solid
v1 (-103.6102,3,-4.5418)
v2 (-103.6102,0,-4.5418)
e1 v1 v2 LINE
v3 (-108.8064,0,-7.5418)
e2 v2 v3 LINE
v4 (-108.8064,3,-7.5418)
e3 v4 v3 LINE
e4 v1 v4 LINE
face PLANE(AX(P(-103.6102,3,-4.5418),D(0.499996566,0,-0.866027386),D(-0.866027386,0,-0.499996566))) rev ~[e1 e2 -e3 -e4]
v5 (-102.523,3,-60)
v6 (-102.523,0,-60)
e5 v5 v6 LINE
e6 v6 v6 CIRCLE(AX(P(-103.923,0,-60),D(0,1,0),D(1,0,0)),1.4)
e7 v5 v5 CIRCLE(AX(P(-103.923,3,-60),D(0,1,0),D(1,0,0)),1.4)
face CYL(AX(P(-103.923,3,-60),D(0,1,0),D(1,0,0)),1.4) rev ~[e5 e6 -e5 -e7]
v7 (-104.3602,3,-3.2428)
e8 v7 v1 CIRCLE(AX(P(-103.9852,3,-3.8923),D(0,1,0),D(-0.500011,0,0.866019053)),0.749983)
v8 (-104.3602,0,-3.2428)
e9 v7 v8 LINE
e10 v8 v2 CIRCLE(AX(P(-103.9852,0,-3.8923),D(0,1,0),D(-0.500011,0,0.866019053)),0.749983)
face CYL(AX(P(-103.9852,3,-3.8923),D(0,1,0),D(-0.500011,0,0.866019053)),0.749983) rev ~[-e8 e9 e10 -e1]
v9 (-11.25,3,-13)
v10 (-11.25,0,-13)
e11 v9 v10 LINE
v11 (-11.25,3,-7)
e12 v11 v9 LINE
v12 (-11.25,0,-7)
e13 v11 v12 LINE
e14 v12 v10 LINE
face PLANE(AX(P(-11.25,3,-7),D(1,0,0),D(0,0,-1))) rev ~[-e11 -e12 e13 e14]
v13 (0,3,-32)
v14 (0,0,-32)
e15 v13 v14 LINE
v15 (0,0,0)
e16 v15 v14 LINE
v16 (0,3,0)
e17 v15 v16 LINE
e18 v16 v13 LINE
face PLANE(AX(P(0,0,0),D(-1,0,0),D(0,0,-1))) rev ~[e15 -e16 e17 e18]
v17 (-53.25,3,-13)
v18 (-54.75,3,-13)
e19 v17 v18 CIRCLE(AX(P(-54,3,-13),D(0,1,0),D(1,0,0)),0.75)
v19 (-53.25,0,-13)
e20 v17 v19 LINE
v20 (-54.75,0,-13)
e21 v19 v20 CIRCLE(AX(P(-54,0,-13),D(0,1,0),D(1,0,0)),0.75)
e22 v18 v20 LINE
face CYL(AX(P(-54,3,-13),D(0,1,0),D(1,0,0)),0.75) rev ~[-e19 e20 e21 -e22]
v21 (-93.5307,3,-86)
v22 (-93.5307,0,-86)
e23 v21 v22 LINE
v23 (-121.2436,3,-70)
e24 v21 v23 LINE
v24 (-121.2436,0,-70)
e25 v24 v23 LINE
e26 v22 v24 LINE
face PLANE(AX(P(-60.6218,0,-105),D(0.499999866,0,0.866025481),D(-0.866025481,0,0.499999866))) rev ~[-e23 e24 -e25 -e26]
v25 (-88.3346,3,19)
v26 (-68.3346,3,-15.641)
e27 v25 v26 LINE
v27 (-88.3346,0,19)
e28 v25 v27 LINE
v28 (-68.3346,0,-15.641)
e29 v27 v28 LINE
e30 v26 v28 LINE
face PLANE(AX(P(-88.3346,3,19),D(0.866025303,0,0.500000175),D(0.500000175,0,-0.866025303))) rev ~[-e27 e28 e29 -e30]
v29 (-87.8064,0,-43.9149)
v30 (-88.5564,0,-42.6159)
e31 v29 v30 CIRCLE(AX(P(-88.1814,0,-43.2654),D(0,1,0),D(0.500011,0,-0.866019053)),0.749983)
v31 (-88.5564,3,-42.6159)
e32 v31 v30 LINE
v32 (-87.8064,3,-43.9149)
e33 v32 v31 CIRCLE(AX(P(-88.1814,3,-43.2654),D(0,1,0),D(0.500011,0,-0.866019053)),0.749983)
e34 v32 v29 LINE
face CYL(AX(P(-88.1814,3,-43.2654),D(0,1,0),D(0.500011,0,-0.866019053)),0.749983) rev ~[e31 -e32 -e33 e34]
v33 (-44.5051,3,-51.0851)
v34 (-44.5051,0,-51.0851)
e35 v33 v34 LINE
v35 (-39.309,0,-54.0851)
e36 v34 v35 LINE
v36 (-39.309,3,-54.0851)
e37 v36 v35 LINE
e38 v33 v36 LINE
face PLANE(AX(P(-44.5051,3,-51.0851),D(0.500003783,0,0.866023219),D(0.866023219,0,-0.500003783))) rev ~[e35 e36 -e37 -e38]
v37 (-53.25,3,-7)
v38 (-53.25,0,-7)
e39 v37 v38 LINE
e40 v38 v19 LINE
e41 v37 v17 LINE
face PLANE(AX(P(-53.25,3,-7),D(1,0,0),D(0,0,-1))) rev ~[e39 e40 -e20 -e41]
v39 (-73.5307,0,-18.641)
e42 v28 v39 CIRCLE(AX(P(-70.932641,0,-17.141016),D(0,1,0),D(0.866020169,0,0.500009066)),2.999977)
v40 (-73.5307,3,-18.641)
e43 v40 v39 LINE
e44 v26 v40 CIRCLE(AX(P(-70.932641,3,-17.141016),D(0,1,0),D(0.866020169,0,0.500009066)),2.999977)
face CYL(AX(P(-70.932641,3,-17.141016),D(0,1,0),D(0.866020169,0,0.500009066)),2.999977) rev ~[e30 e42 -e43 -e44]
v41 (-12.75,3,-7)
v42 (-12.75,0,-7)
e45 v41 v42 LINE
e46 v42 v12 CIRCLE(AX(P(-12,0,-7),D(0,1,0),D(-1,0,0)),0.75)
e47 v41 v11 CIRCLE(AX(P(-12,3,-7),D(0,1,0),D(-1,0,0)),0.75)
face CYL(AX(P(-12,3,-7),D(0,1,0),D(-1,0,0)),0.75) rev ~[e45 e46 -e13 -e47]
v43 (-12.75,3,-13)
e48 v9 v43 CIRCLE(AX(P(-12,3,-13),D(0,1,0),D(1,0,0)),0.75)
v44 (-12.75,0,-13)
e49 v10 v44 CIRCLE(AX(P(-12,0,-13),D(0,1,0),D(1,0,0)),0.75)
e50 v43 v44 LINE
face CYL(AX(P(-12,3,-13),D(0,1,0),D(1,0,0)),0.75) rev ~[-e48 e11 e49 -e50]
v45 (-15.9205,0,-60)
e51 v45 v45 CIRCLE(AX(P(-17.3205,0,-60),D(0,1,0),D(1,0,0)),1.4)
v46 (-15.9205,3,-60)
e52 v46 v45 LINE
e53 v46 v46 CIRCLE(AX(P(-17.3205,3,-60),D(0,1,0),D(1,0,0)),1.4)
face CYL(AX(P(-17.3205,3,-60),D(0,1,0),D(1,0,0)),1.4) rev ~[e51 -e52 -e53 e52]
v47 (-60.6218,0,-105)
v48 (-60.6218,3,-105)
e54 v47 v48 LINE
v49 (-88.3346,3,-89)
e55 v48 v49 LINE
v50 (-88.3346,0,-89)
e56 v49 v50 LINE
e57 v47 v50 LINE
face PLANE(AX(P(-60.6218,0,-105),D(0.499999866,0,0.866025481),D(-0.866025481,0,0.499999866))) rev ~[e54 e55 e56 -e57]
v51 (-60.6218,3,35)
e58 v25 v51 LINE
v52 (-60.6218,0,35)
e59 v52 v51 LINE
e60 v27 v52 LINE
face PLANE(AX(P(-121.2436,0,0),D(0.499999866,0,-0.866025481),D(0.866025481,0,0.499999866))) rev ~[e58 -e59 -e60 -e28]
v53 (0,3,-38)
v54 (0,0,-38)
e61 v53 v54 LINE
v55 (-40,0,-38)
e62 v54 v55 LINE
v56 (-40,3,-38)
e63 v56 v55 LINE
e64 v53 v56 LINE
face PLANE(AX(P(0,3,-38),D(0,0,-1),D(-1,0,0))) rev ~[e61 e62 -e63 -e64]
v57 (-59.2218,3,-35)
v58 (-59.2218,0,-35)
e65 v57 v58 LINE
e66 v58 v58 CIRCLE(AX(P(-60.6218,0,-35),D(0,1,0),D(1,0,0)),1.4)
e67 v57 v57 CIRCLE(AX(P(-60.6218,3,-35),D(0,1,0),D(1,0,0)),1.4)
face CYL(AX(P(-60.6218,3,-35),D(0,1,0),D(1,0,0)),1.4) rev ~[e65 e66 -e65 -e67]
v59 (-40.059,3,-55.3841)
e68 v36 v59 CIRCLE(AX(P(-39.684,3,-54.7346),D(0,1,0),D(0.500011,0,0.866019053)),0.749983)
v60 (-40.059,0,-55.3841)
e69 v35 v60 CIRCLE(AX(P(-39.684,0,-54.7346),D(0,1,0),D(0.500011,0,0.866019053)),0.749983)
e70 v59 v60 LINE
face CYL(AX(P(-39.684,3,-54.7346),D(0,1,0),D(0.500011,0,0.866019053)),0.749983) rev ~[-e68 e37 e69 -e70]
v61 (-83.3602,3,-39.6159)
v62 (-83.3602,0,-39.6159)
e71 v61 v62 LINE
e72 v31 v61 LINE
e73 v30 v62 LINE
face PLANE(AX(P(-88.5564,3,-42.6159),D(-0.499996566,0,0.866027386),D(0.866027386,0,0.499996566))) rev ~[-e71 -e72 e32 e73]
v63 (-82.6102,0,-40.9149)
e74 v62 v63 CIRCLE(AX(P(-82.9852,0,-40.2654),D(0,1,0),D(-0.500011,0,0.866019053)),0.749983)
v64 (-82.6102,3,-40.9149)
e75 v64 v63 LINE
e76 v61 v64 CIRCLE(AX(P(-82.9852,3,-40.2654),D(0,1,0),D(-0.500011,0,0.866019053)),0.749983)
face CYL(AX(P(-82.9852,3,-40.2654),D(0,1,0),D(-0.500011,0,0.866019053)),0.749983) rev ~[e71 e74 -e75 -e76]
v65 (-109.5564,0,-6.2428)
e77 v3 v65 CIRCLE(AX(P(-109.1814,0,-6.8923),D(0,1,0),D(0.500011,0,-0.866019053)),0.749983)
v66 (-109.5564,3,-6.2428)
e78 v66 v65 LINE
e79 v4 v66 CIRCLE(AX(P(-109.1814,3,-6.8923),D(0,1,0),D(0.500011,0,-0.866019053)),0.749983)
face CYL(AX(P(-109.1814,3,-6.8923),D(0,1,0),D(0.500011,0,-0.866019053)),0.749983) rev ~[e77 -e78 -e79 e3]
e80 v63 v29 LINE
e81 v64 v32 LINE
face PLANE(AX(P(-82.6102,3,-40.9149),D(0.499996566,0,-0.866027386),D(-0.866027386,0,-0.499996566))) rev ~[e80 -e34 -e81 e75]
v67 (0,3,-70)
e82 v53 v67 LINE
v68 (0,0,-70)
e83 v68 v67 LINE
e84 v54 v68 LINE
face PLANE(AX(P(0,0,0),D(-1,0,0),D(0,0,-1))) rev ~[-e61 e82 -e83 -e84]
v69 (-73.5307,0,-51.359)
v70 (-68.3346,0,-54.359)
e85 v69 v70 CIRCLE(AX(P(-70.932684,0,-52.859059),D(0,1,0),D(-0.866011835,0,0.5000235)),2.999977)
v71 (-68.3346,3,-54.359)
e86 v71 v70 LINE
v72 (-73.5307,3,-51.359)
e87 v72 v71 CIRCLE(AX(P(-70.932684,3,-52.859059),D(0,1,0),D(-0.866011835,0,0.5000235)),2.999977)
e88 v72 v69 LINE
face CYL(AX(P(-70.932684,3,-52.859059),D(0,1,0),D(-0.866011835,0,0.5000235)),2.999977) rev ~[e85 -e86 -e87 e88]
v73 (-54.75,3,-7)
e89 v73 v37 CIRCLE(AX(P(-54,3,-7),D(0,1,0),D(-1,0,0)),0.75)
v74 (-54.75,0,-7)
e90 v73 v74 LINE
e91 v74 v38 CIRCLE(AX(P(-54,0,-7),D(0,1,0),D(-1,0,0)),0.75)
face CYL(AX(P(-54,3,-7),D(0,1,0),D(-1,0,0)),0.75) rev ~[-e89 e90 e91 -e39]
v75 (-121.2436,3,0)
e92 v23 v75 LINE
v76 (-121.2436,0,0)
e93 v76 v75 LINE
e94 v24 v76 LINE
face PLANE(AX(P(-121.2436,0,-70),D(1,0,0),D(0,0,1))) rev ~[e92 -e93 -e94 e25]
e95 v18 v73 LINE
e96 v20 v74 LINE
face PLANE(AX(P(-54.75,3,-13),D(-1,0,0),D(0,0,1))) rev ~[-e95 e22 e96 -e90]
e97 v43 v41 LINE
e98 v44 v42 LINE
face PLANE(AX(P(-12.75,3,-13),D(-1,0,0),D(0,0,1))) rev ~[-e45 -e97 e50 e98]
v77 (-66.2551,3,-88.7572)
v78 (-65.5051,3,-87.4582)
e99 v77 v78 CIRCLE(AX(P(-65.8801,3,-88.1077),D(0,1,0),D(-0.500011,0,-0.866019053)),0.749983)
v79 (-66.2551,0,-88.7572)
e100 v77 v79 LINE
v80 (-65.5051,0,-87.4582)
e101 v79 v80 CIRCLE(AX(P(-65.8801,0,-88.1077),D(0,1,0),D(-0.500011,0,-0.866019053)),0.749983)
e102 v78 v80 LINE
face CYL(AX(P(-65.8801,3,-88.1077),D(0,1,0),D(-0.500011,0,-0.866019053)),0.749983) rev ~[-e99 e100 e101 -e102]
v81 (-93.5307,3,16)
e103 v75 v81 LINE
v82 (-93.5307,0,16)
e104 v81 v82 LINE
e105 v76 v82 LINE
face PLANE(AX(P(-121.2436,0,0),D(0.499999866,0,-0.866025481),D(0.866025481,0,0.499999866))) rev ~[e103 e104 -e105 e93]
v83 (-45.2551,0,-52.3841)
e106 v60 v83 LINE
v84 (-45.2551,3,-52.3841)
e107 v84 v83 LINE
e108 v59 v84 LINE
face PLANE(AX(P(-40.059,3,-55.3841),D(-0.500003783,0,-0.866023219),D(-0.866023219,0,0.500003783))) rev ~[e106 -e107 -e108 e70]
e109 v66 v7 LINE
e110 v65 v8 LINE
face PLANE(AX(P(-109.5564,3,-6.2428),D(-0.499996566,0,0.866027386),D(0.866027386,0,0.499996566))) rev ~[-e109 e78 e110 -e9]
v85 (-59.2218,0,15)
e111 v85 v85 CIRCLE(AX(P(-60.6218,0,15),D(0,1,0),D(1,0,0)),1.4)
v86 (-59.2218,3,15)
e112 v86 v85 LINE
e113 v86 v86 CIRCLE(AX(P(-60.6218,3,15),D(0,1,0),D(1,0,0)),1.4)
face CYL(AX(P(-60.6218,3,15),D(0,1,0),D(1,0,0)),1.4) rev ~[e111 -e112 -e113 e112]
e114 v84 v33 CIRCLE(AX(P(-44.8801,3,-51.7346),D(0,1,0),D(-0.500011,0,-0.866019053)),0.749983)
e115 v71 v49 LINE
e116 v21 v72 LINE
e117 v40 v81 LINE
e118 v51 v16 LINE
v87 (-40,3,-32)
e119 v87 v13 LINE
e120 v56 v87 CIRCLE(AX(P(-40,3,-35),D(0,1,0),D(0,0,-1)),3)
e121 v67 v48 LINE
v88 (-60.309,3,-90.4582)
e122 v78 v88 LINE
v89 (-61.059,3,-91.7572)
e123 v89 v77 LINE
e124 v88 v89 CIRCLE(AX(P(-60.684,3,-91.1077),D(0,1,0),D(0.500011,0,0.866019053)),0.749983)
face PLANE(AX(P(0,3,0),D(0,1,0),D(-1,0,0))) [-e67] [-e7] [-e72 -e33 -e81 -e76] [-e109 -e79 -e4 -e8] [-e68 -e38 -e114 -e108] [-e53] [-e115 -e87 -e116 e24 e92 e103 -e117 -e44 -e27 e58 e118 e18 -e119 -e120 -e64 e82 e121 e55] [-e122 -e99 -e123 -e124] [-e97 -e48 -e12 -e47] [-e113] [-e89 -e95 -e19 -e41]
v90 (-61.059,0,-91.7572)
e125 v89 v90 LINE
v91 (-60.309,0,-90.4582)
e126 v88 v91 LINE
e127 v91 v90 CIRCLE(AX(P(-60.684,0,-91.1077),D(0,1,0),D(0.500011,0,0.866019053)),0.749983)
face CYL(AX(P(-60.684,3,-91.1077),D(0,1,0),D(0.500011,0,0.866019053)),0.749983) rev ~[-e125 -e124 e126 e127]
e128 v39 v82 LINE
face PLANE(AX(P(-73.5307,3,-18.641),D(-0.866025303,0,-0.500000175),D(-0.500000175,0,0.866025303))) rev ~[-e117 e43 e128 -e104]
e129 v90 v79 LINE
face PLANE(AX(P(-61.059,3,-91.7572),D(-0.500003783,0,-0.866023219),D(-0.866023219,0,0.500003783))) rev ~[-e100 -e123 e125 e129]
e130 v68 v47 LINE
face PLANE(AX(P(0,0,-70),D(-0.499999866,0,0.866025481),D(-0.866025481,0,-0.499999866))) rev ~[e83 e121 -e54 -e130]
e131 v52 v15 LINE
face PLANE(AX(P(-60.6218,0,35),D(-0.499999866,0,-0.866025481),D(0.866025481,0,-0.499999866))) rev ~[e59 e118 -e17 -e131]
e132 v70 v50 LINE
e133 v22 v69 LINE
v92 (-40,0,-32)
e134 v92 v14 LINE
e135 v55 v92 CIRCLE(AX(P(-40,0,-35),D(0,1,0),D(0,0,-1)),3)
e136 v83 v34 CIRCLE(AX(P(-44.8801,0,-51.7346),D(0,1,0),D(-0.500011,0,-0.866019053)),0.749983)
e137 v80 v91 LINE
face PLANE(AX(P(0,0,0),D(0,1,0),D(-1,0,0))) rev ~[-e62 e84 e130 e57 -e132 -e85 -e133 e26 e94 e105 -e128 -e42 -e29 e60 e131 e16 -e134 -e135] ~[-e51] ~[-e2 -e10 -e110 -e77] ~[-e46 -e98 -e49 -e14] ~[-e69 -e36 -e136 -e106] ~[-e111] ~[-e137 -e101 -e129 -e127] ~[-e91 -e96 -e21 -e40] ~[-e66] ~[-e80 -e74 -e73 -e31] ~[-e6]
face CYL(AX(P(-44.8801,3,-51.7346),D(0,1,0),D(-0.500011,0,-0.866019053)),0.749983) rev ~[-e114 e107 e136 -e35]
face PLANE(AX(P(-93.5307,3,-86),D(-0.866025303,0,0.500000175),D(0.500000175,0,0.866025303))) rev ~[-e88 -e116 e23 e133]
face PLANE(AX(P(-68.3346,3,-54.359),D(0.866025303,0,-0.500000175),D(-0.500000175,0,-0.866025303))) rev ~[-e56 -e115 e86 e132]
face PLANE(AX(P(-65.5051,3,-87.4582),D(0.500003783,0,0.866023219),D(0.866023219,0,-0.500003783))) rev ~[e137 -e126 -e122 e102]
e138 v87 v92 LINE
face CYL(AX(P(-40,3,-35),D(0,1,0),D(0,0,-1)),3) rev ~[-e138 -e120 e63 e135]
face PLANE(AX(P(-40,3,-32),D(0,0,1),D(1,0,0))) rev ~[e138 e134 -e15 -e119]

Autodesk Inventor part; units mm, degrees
ref_plane "YZ Plane" through (0, 0, 0) normal (1, 0, 0) x (0, 1, 0)
ref_plane "XZ Plane" through (0, 0, 0) normal (0, 1, 0) x (-1, 0, 0)
ref_plane "XY Plane" through (0, 0, 0) normal (0, 0, 1) x (1, 0, 0)
sketch "Sketch1" plane through (0, 0, 0) normal (0, 1, 0) x (-1, 0, 0)
  point P0 (0, 0)
sketch "Sketch2" plane through (0, 0, 0) normal (0, 1, 0) x (-1, 0, 0)
  line L0 (0, 0) -> (0, -70)
  line L1 (0, -70) -> (54.3409, -70) construction
  line L2 (0, -70) -> (60.6218, -105)
  line L3 (0, -70) -> (70, -70) construction
  line L4 (60.6218, -105) -> (121.2436, -70)
  line L5 (121.2436, -70) -> (121.2436, 0)
  line L6 (121.2436, 0) -> (60.6218, 35)
  line L7 (60.6218, 35) -> (0, 0)
  dimension "d0" = 70
  dimension "d2" = 70
  dimension "d3" = 30
  dimension "d4" = 70
  dimension "d5" = 120
  dimension "d6" = 70
  dimension "d7" = 120
extrude "Extrusion1" add sketch "Sketch2" along normal blind 3
sketch "Sketch3" plane through (0, 3, 0) normal (0, 1, 0) x (1, 0, 0)
  line L0 (0, 0) -> (0, 70) projected
  line L1 (-121.2436, 0) -> (-60.6218, -35) projected
  line L2 (-90.9327, -17.5) -> (-50.9327, -17.5) construction
  line L3 (-60.6218, 105) -> (-121.2436, 70) projected
  line L4 (-90.9327, 87.5) -> (-50.9327, 87.5) construction
  line L5 (-70.9327, 17.141) -> (-90.9327, -17.5) construction
  line L6 (-73.5307, 18.641) -> (-93.5307, -16)
  line L7 (-88.3346, -19) -> (-68.3346, 15.641)
  arc A0 (-68.3346, 15.641) -> (-73.5307, 18.641) centre (-70.9327, 17.141) ccw
  arc A1 (-93.5307, -16) -> (-88.3346, -19) centre (-90.9327, -17.5) ccw
  line L8 (-70.9327, 52.859) -> (-90.9327, 87.5) construction
  line L9 (-68.3346, 54.359) -> (-88.3346, 89)
  line L10 (-93.5307, 86) -> (-73.5307, 51.359)
  arc A2 (-73.5307, 51.359) -> (-68.3346, 54.359) centre (-70.9327, 52.859) ccw
  arc A3 (-88.3346, 89) -> (-93.5307, 86) centre (-90.9327, 87.5) ccw
  line L11 (-40, 35) -> (0, 35) construction
  line L12 (-40, 32) -> (0, 32)
  line L13 (0, 38) -> (-40, 38)
  arc A4 (-40, 38) -> (-40, 32) centre (-40, 35) ccw
  arc A5 (0, 32) -> (0, 38) centre (0, 35) ccw
  point P0 (-80.9327, -0.1795)
  point P1 (-80.9327, 70.1795)
  point P2 (-20, 35)
  dimension "d10" = 40
  dimension "d11" = 40
  dimension "d13" = 40
  dimension "d15" = 6
  dimension "d16" = 6
  dimension "d17" = 6
extrude "Extrusion3" cut sketch "Sketch3" against normal blind 3
sketch "Sketch4" plane through (0, 3, 0) normal (0, 1, 0) x (1, 0, 0)
  line L0 (-54, 7) -> (-54, 13) construction
  line L1 (-53.25, 7) -> (-53.25, 13)
  line L2 (-54.75, 13) -> (-54.75, 7)
  arc A0 (-54.75, 7) -> (-53.25, 7) centre (-54, 7) ccw
  arc A1 (-53.25, 13) -> (-54.75, 13) centre (-54, 13) ccw
  line L3 (-54, 10) -> (-48, 10) construction
  line L4 (-12, 7) -> (-12, 13) construction
  line L5 (-11.25, 7) -> (-11.25, 13)
  line L6 (-12.75, 13) -> (-12.75, 7)
  arc A2 (-12.75, 7) -> (-11.25, 7) centre (-12, 7) ccw
  arc A3 (-11.25, 13) -> (-12.75, 13) centre (-12, 13) ccw
  line L7 (-12, 10) -> (-6, 10) construction
  arc A4 (-40, 38) -> (-40, 32) centre (-40, 35) ccw projected
  line L8 (-121.2436, 70) -> (-121.2436, 0) projected
  arc A5 (-73.5307, 51.359) -> (-68.3346, 54.359) centre (-70.9327, 52.859) ccw projected
  line L9 (-60.6218, -35) -> (0, 0) projected
  line L10 (-42.282, 53.2346) -> (-45.282, 58.4308) construction
  line L11 (-39.684, 54.7346) -> (-44.8801, 51.7346) construction
  arc A6 (-45.2551, 52.3841) -> (-44.5051, 51.0851) centre (-44.8801, 51.7346) ccw
  line L12 (-44.5051, 51.0851) -> (-39.309, 54.0851)
  arc A7 (-39.309, 54.0851) -> (-40.059, 55.3841) centre (-39.684, 54.7346) ccw
  line L13 (-40.059, 55.3841) -> (-45.2551, 52.3841)
  line L14 (-65.5051, 87.4582) -> (-60.309, 90.4582)
  arc A8 (-60.309, 90.4582) -> (-61.059, 91.7572) centre (-60.684, 91.1077) ccw
  arc A9 (-66.2551, 88.7572) -> (-65.5051, 87.4582) centre (-65.8801, 88.1077) ccw
  line L15 (-60.684, 91.1077) -> (-65.8801, 88.1077) construction
  line L16 (-61.059, 91.7572) -> (-66.2551, 88.7572)
  line L17 (-63.282, 89.6077) -> (-66.282, 94.8038) construction
  line L18 (-85.5833, 41.7654) -> (-88.5833, 36.5692) construction
  line L19 (-88.1814, 43.2654) -> (-82.9852, 40.2654) construction
  arc A10 (-83.3602, 39.6159) -> (-82.6102, 40.9149) centre (-82.9852, 40.2654) ccw
  line L20 (-82.6102, 40.9149) -> (-87.8064, 43.9149)
  arc A11 (-87.8064, 43.9149) -> (-88.5564, 42.6159) centre (-88.1814, 43.2654) ccw
  line L21 (-88.5564, 42.6159) -> (-83.3602, 39.6159)
  line L22 (-103.6102, 4.5418) -> (-108.8064, 7.5418)
  arc A12 (-108.8064, 7.5418) -> (-109.5564, 6.2428) centre (-109.1814, 6.8923) ccw
  arc A13 (-104.3602, 3.2428) -> (-103.6102, 4.5418) centre (-103.9852, 3.8923) ccw
  line L23 (-109.1814, 6.8923) -> (-103.9852, 3.8923) construction
  line L24 (-109.5564, 6.2428) -> (-104.3602, 3.2428)
  line L25 (-106.5833, 5.3923) -> (-109.5833, 0.1962) construction
  point P0 (-60.6218, 35)
  dimension "d25" = 3
  dimension "d27" = 1.5
  dimension "d29" = 3
  dimension "d31" = 1.5
  dimension "d48" = 360
extrude "Extrusion4" cut sketch "Sketch4" against normal blind 10
sketch "Sketch5" plane through (0, 0, 0) normal (0, -1, 0) x (1, 0, 0)
  arc A0 (-73.5307, -18.641) -> (-68.3346, -15.641) centre (-70.9327, -17.141) ccw projected
  line L0 (-70.9327, -17.141) -> (-50.3109, -17.141) construction
  arc A1 (-40, -32) -> (-40, -38) centre (-40, -35) ccw projected
  point P0 (0, 0)
  point P1 (-60.6218, -35)
sketch "Sketch6" plane through (0, 3, 0) normal (0, 1, 0) x (1, 0, 0)
  line L0 (-60.6218, -35) -> (0, 0) projected
  circle A0 centre (-60.6218, -15) radius 1.4
  circle A1 centre (-17.3205, 60) radius 1.4
  circle A2 centre (-103.923, 60) radius 1.4
  circle A3 centre (-60.6218, 35) radius 1.4
  dimension "d52" = 2.8
  dimension "d55" = 360
  dimension "d57" = 2.8
extrude "Extrusion5" cut sketch "Sketch6" against normal blind 10
properties part number "servo mount"
